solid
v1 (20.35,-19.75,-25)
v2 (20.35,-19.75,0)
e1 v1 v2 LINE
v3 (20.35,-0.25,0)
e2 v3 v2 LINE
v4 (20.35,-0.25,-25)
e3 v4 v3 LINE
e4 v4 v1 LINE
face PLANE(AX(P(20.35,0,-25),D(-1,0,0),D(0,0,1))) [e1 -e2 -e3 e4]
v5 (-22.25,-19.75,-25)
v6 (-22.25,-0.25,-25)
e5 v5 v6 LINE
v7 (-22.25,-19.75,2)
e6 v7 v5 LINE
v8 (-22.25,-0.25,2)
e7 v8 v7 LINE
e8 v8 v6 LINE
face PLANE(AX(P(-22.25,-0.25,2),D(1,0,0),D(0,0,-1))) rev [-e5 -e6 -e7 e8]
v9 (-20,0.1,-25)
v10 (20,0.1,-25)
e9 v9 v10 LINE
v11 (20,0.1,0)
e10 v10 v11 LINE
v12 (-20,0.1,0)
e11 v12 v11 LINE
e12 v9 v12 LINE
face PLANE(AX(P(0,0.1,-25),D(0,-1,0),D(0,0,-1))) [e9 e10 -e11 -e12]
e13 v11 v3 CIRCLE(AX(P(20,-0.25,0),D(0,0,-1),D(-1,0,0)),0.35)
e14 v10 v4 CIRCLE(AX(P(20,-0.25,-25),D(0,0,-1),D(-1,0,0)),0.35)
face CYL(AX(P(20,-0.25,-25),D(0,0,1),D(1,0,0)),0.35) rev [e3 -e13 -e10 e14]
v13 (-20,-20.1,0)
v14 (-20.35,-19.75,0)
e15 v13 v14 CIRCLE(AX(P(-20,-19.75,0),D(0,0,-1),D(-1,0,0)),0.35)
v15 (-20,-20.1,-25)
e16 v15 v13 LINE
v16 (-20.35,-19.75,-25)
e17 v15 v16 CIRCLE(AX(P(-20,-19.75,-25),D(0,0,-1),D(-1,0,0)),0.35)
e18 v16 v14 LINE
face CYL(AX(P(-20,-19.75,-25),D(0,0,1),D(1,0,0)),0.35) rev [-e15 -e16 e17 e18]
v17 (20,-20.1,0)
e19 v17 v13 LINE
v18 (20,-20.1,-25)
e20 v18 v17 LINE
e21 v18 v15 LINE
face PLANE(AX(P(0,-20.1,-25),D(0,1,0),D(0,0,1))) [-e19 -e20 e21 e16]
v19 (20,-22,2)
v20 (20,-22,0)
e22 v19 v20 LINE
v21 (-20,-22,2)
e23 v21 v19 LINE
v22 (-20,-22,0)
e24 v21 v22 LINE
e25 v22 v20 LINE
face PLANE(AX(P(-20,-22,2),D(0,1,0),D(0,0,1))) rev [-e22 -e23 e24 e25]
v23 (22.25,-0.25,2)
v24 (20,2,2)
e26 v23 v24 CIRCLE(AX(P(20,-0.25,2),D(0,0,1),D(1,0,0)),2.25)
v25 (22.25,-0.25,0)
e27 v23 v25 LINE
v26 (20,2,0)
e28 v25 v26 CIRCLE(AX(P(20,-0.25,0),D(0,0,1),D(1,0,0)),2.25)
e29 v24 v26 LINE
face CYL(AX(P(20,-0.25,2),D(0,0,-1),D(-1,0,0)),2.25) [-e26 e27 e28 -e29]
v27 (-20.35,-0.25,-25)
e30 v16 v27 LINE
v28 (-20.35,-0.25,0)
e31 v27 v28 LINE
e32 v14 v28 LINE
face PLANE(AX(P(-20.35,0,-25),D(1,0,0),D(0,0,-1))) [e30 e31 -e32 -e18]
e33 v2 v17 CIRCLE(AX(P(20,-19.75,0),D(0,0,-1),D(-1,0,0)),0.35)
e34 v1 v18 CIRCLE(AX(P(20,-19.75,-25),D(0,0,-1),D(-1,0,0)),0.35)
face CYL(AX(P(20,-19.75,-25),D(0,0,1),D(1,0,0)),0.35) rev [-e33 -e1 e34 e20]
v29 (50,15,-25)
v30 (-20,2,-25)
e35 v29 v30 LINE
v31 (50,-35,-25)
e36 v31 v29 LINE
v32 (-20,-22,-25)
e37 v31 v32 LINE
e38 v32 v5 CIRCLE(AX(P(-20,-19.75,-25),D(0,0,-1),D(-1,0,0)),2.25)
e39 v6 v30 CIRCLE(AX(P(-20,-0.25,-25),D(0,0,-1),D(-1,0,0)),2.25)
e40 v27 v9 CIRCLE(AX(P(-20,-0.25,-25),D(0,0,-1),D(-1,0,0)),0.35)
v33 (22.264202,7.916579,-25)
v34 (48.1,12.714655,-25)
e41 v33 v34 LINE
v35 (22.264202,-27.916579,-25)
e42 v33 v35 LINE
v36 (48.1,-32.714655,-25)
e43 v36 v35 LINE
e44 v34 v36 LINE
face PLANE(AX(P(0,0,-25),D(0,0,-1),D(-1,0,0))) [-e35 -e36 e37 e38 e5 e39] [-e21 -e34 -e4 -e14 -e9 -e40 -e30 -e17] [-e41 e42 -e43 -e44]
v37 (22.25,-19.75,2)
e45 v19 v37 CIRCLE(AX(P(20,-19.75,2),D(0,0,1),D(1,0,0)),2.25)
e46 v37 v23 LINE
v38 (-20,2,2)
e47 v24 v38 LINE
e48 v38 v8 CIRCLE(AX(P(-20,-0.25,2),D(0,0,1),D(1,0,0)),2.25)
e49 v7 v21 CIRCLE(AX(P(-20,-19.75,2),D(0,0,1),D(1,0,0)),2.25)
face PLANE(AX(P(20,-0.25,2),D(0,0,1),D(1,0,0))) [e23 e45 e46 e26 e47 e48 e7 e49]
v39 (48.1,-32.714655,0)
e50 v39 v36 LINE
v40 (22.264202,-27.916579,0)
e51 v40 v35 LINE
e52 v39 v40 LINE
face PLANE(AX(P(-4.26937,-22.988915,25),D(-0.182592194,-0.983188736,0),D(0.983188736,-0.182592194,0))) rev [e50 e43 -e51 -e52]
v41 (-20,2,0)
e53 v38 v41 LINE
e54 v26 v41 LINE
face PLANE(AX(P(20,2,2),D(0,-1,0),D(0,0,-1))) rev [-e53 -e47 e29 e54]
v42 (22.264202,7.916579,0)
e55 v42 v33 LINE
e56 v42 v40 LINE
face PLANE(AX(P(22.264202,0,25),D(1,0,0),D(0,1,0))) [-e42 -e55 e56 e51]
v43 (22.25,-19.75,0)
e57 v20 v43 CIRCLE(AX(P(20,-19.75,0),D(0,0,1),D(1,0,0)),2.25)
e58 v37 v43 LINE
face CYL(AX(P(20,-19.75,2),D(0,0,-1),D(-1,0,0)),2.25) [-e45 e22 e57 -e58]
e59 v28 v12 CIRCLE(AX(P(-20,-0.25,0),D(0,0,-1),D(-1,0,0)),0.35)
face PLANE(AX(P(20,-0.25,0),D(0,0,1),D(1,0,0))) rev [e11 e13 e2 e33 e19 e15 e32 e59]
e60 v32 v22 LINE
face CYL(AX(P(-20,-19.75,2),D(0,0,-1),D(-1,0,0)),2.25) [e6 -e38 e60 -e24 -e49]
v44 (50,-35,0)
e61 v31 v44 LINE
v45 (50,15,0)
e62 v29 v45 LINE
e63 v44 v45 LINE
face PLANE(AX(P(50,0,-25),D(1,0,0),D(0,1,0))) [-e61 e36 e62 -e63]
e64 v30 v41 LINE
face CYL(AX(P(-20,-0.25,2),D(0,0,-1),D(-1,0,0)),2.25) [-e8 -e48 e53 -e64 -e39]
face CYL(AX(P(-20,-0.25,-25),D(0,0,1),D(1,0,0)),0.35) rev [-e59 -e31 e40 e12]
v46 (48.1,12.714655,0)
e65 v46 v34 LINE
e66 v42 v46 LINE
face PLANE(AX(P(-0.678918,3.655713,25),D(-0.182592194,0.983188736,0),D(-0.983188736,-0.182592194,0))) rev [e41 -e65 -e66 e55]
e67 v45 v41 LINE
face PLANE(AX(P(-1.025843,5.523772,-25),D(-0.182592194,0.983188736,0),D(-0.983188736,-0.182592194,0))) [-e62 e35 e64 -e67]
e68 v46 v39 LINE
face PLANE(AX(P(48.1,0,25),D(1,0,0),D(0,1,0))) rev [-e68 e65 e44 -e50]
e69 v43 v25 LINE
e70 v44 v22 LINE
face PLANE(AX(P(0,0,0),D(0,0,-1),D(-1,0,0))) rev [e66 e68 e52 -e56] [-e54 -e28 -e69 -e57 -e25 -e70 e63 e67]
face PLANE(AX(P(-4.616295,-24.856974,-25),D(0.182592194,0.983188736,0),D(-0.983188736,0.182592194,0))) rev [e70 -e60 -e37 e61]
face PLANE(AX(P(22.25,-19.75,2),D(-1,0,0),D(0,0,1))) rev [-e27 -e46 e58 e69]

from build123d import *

# Parameters (mm, degrees)
BOSS_EXTRU_1_DEPTH      = 2
BOSS_EXTRU_3_START      = 25
BOSS_EXTRU_3_DEPTH      = 25
ENL_V_MAT_EXTRU_1_DEPTH = 50


with BuildPart() as part:
    # Esquisse1 → Boss.-Extru.1 (new body)
    with BuildSketch(Plane.XY):
        with BuildLine():
            Line((20, 2), (-20, 2))
            ThreePointArc((-20, 2), (-21.590990258, 1.340990258), (-22.25, -0.25))
            Line((-22.25, -0.25), (-22.25, -19.75))
            ThreePointArc((-22.25, -19.75), (-21.590990258, -21.340990258), (-20, -22))
            Line((-20, -22), (20, -22))
            ThreePointArc((20, -22), (21.590990258, -21.340990258), (22.25, -19.75))
            Line((22.25, -19.75), (22.25, -0.25))
            ThreePointArc((22.25, -0.25), (21.590990258, 1.340990258), (20, 2))
        make_face()
    extrude(amount=BOSS_EXTRU_1_DEPTH)

    # Esquisse2 → Boss.-Extru.3 (add)
    # profile 1 of 2: a face of its own
    with BuildSketch(Plane(origin=(0, 0, 0), x_dir=(-1, 0, 0), z_dir=(0, 0, -1)).offset(BOSS_EXTRU_3_START)):
        with BuildLine():
            Line((-22.25, -19.75), (-22.25, -0.25))
            ThreePointArc((-22.25, -0.25), (-21.590990258, 1.340990258), (-20, 2))
            Line((-20, 2), (20, 2))
            Line((20, 2), (-50, 15))
            Line((-50, 15), (-50, 2))
            Line((-50, 2), (-50, -22))
            Line((-50, -22), (-50, -35))
            Line((-50, -35), (20, -22))
            Line((20, -22), (-20, -22))
            ThreePointArc((-20, -22), (-21.590990258, -21.340990258), (-22.25, -19.75))
        make_face()
    # profile 2 of 2: a face of its own
    with BuildSketch(Plane(origin=(0, 0, 0), x_dir=(-1, 0, 0), z_dir=(0, 0, -1)).offset(BOSS_EXTRU_3_START)):
        with BuildLine():
            Line((20, 2), (-20, 2))
            ThreePointArc((-20, 2), (-21.590990258, 1.340990258), (-22.25, -0.25))
            Line((-22.25, -0.25), (-22.25, -19.75))
            ThreePointArc((-22.25, -19.75), (-21.590990258, -21.340990258), (-20, -22))
            Line((-20, -22), (20, -22))
            ThreePointArc((20, -22), (21.590990258, -21.340990258), (22.25, -19.75))
            Line((22.25, -19.75), (22.25, -0.25))
            ThreePointArc((22.25, -0.25), (21.590990258, 1.340990258), (20, 2))
        make_face()
        with BuildLine():
            ThreePointArc((20.35, -0.25), (20.247487373, -0.002512627), (20, 0.1))
            Line((20, 0.1), (-20, 0.1))
            ThreePointArc((-20, 0.1), (-20.247487373, -0.002512627), (-20.35, -0.25))
            Line((-20.35, -0.25), (-20.35, -19.75))
            ThreePointArc((-20.35, -19.75), (-20.247487373, -19.997487373), (-20, -20.1))
            Line((-20, -20.1), (20, -20.1))
            ThreePointArc((20, -20.1), (20.247487373, -19.997487373), (20.35, -19.75))
            Line((20.35, -19.75), (20.35, -0.25))
        make_face(mode=Mode.SUBTRACT)
    extrude(amount=-BOSS_EXTRU_3_DEPTH)

    # Esquisse5 → Enlèv. mat.-Extru.1 (cut)
    with BuildSketch(Plane(origin=(0, 0, -25), x_dir=(-1, 0, 0), z_dir=(0, 0, -1))):
        Polygon((-22.26420213, 7.916578551), (-48.1, 12.714655299), (-48.1, -32.714655299), (-22.26420213, -27.916578551), align=None)
    extrude(amount=-ENL_V_MAT_EXTRU_1_DEPTH, mode=Mode.SUBTRACT)


solid = part.part
